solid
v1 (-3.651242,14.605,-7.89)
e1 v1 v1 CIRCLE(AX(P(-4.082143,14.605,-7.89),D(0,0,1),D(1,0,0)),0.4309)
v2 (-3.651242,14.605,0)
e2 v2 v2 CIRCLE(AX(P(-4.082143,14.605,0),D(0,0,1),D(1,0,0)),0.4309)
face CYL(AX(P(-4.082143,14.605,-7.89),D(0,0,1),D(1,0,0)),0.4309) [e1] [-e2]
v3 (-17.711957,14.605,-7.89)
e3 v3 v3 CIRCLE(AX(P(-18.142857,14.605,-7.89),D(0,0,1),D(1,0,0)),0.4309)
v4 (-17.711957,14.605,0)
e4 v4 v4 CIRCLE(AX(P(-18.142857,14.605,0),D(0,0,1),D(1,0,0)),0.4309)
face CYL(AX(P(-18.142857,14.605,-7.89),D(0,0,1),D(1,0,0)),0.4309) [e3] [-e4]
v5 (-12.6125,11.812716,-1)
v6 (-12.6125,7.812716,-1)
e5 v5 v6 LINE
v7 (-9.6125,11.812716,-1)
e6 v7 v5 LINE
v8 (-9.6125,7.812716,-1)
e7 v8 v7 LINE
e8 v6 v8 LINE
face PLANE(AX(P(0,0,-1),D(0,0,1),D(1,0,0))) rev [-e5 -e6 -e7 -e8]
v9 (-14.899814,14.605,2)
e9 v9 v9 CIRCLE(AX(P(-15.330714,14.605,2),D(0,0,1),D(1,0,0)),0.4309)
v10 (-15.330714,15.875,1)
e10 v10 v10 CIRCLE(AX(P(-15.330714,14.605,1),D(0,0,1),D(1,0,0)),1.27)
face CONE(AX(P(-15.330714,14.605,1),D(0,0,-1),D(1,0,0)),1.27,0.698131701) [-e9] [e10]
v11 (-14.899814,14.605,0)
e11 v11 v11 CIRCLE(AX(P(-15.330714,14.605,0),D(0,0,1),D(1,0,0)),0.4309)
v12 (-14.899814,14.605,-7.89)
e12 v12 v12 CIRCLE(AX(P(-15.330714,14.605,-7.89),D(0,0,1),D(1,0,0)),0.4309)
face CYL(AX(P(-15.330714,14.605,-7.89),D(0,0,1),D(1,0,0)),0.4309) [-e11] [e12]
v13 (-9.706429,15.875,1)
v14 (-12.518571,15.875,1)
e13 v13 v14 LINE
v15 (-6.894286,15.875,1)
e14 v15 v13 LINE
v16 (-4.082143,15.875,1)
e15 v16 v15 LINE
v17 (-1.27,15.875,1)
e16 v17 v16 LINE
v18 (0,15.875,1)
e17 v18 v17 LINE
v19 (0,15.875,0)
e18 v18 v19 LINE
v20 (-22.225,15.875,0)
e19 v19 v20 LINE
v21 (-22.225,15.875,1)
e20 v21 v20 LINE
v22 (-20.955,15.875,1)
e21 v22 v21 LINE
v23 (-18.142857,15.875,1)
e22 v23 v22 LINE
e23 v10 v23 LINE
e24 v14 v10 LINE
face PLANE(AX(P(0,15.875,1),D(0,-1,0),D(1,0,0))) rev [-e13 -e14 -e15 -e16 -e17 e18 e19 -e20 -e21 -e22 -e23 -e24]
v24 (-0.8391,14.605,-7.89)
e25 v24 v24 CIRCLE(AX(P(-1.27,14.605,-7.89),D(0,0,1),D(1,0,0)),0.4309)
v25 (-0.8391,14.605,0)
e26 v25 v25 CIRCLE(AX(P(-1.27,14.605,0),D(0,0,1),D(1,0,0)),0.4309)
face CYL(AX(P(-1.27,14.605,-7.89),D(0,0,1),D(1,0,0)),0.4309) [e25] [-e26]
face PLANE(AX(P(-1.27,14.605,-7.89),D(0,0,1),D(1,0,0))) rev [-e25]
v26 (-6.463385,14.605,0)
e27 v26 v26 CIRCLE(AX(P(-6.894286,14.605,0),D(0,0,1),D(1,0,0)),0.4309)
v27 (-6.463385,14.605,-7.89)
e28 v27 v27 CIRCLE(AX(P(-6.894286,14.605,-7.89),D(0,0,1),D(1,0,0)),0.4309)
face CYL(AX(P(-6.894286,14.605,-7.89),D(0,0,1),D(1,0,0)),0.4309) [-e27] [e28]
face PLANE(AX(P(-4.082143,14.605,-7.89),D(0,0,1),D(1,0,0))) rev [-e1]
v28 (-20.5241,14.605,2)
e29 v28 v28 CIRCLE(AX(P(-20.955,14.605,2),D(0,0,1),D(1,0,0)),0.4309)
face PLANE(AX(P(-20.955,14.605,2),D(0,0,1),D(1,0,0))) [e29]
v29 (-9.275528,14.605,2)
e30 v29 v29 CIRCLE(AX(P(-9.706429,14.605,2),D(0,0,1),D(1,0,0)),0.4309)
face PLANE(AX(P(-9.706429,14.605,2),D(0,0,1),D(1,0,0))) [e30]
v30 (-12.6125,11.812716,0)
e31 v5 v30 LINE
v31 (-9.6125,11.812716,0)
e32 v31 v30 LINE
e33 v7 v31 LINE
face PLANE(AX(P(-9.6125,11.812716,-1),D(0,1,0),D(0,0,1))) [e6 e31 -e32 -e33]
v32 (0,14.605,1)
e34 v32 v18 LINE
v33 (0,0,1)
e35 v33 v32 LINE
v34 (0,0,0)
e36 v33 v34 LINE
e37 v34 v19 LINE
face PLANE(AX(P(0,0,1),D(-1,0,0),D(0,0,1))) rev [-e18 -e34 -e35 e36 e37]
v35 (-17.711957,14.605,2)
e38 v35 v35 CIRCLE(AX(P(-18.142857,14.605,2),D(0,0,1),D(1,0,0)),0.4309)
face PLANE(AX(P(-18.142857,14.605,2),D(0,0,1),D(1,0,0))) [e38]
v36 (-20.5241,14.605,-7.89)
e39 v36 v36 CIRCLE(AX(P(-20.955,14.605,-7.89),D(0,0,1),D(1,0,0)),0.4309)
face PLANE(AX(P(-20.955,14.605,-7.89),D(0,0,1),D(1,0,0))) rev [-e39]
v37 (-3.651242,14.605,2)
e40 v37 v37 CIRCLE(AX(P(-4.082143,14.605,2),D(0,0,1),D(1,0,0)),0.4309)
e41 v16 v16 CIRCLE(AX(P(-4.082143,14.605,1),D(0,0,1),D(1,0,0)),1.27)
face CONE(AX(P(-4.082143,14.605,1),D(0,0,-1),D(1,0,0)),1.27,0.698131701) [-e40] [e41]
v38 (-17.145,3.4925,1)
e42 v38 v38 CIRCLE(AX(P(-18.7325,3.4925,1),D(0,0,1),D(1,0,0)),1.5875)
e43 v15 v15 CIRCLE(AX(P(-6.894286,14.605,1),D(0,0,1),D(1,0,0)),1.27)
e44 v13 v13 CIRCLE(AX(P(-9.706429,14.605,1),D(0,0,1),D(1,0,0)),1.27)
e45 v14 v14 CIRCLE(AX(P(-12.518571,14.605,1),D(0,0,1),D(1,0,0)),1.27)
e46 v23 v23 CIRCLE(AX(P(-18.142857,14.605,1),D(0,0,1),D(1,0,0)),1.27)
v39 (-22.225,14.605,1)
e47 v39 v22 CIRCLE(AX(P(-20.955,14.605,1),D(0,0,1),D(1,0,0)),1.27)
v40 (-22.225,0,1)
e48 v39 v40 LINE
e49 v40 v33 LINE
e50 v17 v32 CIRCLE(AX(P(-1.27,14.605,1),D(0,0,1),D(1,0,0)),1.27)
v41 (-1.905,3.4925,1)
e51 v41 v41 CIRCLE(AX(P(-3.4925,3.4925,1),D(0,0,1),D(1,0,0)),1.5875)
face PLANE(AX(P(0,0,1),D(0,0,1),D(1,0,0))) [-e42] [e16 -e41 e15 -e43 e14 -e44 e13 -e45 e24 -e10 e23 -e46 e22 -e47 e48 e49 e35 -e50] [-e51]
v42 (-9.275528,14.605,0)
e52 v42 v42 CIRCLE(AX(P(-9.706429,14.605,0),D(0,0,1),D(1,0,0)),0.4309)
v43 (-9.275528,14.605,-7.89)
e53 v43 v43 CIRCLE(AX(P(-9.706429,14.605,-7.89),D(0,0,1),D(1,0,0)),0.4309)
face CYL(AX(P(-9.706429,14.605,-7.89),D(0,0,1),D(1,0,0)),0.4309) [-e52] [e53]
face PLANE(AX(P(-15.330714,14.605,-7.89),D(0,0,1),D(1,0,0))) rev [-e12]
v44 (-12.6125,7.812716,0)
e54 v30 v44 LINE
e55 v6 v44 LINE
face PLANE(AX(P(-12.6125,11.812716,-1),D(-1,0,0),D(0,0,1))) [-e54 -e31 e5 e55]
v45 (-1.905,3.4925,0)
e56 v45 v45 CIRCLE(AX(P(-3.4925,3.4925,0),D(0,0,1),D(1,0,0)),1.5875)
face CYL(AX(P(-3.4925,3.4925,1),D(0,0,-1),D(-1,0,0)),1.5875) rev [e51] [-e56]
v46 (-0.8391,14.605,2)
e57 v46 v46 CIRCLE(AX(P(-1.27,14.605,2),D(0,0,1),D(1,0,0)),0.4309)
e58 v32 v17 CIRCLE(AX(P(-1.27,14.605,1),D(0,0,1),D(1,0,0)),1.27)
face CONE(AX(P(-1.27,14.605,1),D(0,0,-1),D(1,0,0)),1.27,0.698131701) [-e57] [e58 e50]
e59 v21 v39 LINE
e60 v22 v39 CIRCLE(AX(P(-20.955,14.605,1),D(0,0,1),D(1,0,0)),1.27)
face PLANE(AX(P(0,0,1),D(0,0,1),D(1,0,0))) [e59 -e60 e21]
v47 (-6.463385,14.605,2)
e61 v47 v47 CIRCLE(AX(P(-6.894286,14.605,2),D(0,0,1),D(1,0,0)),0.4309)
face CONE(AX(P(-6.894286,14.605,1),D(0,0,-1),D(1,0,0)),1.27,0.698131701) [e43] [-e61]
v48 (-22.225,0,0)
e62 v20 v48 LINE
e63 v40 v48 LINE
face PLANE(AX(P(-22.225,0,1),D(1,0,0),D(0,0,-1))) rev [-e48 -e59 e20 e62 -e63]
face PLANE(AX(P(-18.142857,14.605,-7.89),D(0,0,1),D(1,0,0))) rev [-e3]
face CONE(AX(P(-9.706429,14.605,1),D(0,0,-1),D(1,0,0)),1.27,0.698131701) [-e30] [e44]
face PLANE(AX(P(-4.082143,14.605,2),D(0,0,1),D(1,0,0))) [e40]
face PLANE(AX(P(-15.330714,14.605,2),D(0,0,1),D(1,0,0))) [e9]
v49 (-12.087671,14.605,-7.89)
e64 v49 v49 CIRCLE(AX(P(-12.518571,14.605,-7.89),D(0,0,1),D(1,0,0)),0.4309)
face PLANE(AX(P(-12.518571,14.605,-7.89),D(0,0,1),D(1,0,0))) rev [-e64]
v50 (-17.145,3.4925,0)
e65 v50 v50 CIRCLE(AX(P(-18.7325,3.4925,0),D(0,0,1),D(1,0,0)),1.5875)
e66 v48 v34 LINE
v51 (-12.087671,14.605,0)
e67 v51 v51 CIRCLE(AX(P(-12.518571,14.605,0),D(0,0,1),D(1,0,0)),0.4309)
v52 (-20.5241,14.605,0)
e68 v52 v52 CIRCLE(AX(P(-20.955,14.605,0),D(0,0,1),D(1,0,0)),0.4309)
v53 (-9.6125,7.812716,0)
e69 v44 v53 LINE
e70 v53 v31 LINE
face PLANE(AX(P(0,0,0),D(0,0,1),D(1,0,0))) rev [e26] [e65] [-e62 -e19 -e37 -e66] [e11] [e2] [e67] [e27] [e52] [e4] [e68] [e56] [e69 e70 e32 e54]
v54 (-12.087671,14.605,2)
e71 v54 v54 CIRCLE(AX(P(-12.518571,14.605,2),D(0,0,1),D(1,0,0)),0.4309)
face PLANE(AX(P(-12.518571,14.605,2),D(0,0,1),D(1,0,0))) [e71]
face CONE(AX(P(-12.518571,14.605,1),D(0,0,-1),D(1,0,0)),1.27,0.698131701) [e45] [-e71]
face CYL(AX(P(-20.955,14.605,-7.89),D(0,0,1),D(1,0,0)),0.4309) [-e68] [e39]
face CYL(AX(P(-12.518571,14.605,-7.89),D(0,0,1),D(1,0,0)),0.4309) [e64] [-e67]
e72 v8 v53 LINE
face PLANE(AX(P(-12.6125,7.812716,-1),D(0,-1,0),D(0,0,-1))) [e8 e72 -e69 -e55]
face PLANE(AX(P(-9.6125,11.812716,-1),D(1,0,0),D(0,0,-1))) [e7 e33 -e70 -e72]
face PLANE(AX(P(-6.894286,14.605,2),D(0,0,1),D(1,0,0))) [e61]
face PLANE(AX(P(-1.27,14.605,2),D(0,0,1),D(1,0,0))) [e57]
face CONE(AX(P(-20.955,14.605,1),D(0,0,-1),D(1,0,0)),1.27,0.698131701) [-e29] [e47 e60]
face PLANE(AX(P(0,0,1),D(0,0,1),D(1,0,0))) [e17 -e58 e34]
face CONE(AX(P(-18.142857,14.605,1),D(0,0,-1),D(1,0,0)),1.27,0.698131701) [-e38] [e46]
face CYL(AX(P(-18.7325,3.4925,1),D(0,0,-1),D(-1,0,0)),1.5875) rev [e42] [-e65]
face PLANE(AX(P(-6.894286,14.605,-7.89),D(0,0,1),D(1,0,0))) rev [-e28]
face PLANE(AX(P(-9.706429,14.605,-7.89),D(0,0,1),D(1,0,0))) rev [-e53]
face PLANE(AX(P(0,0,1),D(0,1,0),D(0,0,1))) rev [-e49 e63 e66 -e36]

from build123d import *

# Parameters (mm, degrees)
SKETCH1_W                     = 22.225
SKETCH1_H                     = 15.875
SKETCH1_R                     = 1.5875
BOSS_EXTRUDE1_DEPTH           = 1
SKETCH2_W                     = 3
SKETCH2_H                     = 4
BOSS_EXTRUDE2_DEPTH           = 1
SKETCH3_R                     = 1.27
BOSS_EXTRUDE3_DEPTH           = 1
BOSS_EXTRUDE3_DRAFT           = 40
BOSS_EXTRUDE3_PROFILE_2_DEPTH = 1
BOSS_EXTRUDE3_PROFILE_2_DRAFT = 40
BOSS_EXTRUDE3_PROFILE_3_DEPTH = 1
BOSS_EXTRUDE3_PROFILE_3_DRAFT = 40
BOSS_EXTRUDE3_PROFILE_4_DEPTH = 1
BOSS_EXTRUDE3_PROFILE_4_DRAFT = 40
BOSS_EXTRUDE3_PROFILE_5_DEPTH = 1
BOSS_EXTRUDE3_PROFILE_5_DRAFT = 40
BOSS_EXTRUDE3_PROFILE_6_DEPTH = 1
BOSS_EXTRUDE3_PROFILE_6_DRAFT = 40
BOSS_EXTRUDE3_PROFILE_7_DEPTH = 1
BOSS_EXTRUDE3_PROFILE_7_DRAFT = 40
BOSS_EXTRUDE3_PROFILE_8_DEPTH = 1
BOSS_EXTRUDE3_PROFILE_8_DRAFT = 40
SKETCH4_R                     = 0.430900369
BOSS_EXTRUDE4_DEPTH           = 9.89


with BuildPart() as part:
    # Sketch1 → Boss-Extrude1 (new body)
    with BuildSketch(Plane.XY):
        with Locations((-11.1125, 7.9375)):
            Rectangle(SKETCH1_W, SKETCH1_H)
        with Locations((-18.7325, 3.4925)):
            Circle(SKETCH1_R, mode=Mode.SUBTRACT)
        with Locations((-3.4925, 3.4925)):
            Circle(SKETCH1_R, mode=Mode.SUBTRACT)
    extrude(amount=BOSS_EXTRUDE1_DEPTH)

    # Sketch2 → Boss-Extrude2 (add)
    with BuildSketch(Plane.XY):
        with Locations((-11.1125, 9.812715541)):
            Rectangle(SKETCH2_W, SKETCH2_H)
    extrude(amount=-BOSS_EXTRUDE2_DEPTH)


with BuildPart() as boss_extrude3_tool:
    # Sketch3 → Boss-Extrude3 (with draft: the straight prism first)
    with BuildSketch(Plane.XY.offset(1)):
        with Locations((-20.955, 14.605)):
            Circle(SKETCH3_R)
    extrude(amount=BOSS_EXTRUDE3_DEPTH)
    # Boss-Extrude3: the draft: its side faces are tilted about the plane it starts from
    boss_extrude3_sides = [boss_extrude3_tool.faces().sort_by_distance(p)[0] for p in [
        (-22.225, 14.605, 1.5),
    ]]
    draft(boss_extrude3_sides, Plane.XY.offset(1), BOSS_EXTRUDE3_DRAFT)


with BuildPart() as part_1:
    add(part.part)

    # Boss-Extrude3: add boss_extrude3_tool
    add(boss_extrude3_tool.part)


with BuildPart() as boss_extrude3_profile_2_tool:
    # Sketch3 → Boss-Extrude3 profile 2 (with draft: the straight prism first)
    with BuildSketch(Plane.XY.offset(1)):
        with Locations((-18.142857143, 14.605)):
            Circle(SKETCH3_R)
    extrude(amount=BOSS_EXTRUDE3_PROFILE_2_DEPTH)
    # Boss-Extrude3 profile 2: the draft: its side faces are tilted about the plane it starts from
    boss_extrude3_profile_2_sides = [boss_extrude3_profile_2_tool.faces().sort_by_distance(p)[0] for p in [
        (-19.412857143, 14.605, 1.5),
    ]]
    draft(boss_extrude3_profile_2_sides, Plane.XY.offset(1), BOSS_EXTRUDE3_PROFILE_2_DRAFT)


with BuildPart() as part_2:
    add(part_1.part)

    # Boss-Extrude3 profile 2: add boss_extrude3_profile_2_tool
    add(boss_extrude3_profile_2_tool.part)


with BuildPart() as boss_extrude3_profile_3_tool:
    # Sketch3 → Boss-Extrude3 profile 3 (with draft: the straight prism first)
    with BuildSketch(Plane.XY.offset(1)):
        with Locations((-15.330714286, 14.605)):
            Circle(SKETCH3_R)
    extrude(amount=BOSS_EXTRUDE3_PROFILE_3_DEPTH)
    # Boss-Extrude3 profile 3: the draft: its side faces are tilted about the plane it starts from
    boss_extrude3_profile_3_sides = [boss_extrude3_profile_3_tool.faces().sort_by_distance(p)[0] for p in [
        (-16.600714286, 14.605, 1.5),
    ]]
    draft(boss_extrude3_profile_3_sides, Plane.XY.offset(1), BOSS_EXTRUDE3_PROFILE_3_DRAFT)


with BuildPart() as part_3:
    add(part_2.part)

    # Boss-Extrude3 profile 3: add boss_extrude3_profile_3_tool
    add(boss_extrude3_profile_3_tool.part)


with BuildPart() as boss_extrude3_profile_4_tool:
    # Sketch3 → Boss-Extrude3 profile 4 (with draft: the straight prism first)
    with BuildSketch(Plane.XY.offset(1)):
        with Locations((-12.518571429, 14.605)):
            Circle(SKETCH3_R)
    extrude(amount=BOSS_EXTRUDE3_PROFILE_4_DEPTH)
    # Boss-Extrude3 profile 4: the draft: its side faces are tilted about the plane it starts from
    boss_extrude3_profile_4_sides = [boss_extrude3_profile_4_tool.faces().sort_by_distance(p)[0] for p in [
        (-13.788571429, 14.605, 1.5),
    ]]
    draft(boss_extrude3_profile_4_sides, Plane.XY.offset(1), BOSS_EXTRUDE3_PROFILE_4_DRAFT)


with BuildPart() as part_4:
    add(part_3.part)

    # Boss-Extrude3 profile 4: add boss_extrude3_profile_4_tool
    add(boss_extrude3_profile_4_tool.part)


with BuildPart() as boss_extrude3_profile_5_tool:
    # Sketch3 → Boss-Extrude3 profile 5 (with draft: the straight prism first)
    with BuildSketch(Plane.XY.offset(1)):
        with Locations((-9.706428571, 14.605)):
            Circle(SKETCH3_R)
    extrude(amount=BOSS_EXTRUDE3_PROFILE_5_DEPTH)
    # Boss-Extrude3 profile 5: the draft: its side faces are tilted about the plane it starts from
    boss_extrude3_profile_5_sides = [boss_extrude3_profile_5_tool.faces().sort_by_distance(p)[0] for p in [
        (-10.976428571, 14.605, 1.5),
    ]]
    draft(boss_extrude3_profile_5_sides, Plane.XY.offset(1), BOSS_EXTRUDE3_PROFILE_5_DRAFT)


with BuildPart() as part_5:
    add(part_4.part)

    # Boss-Extrude3 profile 5: add boss_extrude3_profile_5_tool
    add(boss_extrude3_profile_5_tool.part)


with BuildPart() as boss_extrude3_profile_6_tool:
    # Sketch3 → Boss-Extrude3 profile 6 (with draft: the straight prism first)
    with BuildSketch(Plane.XY.offset(1)):
        with Locations((-6.894285714, 14.605)):
            Circle(SKETCH3_R)
    extrude(amount=BOSS_EXTRUDE3_PROFILE_6_DEPTH)
    # Boss-Extrude3 profile 6: the draft: its side faces are tilted about the plane it starts from
    boss_extrude3_profile_6_sides = [boss_extrude3_profile_6_tool.faces().sort_by_distance(p)[0] for p in [
        (-8.164285714, 14.605, 1.5),
    ]]
    draft(boss_extrude3_profile_6_sides, Plane.XY.offset(1), BOSS_EXTRUDE3_PROFILE_6_DRAFT)


with BuildPart() as part_6:
    add(part_5.part)

    # Boss-Extrude3 profile 6: add boss_extrude3_profile_6_tool
    add(boss_extrude3_profile_6_tool.part)


with BuildPart() as boss_extrude3_profile_7_tool:
    # Sketch3 → Boss-Extrude3 profile 7 (with draft: the straight prism first)
    with BuildSketch(Plane.XY.offset(1)):
        with Locations((-4.082142857, 14.605)):
            Circle(SKETCH3_R)
    extrude(amount=BOSS_EXTRUDE3_PROFILE_7_DEPTH)
    # Boss-Extrude3 profile 7: the draft: its side faces are tilted about the plane it starts from
    boss_extrude3_profile_7_sides = [boss_extrude3_profile_7_tool.faces().sort_by_distance(p)[0] for p in [
        (-5.352142857, 14.605, 1.5),
    ]]
    draft(boss_extrude3_profile_7_sides, Plane.XY.offset(1), BOSS_EXTRUDE3_PROFILE_7_DRAFT)


with BuildPart() as part_7:
    add(part_6.part)

    # Boss-Extrude3 profile 7: add boss_extrude3_profile_7_tool
    add(boss_extrude3_profile_7_tool.part)


with BuildPart() as boss_extrude3_profile_8_tool:
    # Sketch3 → Boss-Extrude3 profile 8 (with draft: the straight prism first)
    with BuildSketch(Plane.XY.offset(1)):
        with Locations((-1.27, 14.605)):
            Circle(SKETCH3_R)
    extrude(amount=BOSS_EXTRUDE3_PROFILE_8_DEPTH)
    # Boss-Extrude3 profile 8: the draft: its side faces are tilted about the plane it starts from
    boss_extrude3_profile_8_sides = [boss_extrude3_profile_8_tool.faces().sort_by_distance(p)[0] for p in [
        (-2.54, 14.605, 1.5),
    ]]
    draft(boss_extrude3_profile_8_sides, Plane.XY.offset(1), BOSS_EXTRUDE3_PROFILE_8_DRAFT)


with BuildPart() as part_8:
    add(part_7.part)

    # Boss-Extrude3 profile 8: add boss_extrude3_profile_8_tool
    add(boss_extrude3_profile_8_tool.part)

    # Sketch4 → Boss-Extrude4 (add)
    with BuildSketch(Plane.XY.offset(2)):
        with Locations((-20.955, 14.605)):
            Circle(SKETCH4_R)
        with Locations((-18.142857143, 14.605)):
            Circle(SKETCH4_R)
        with Locations((-15.330714286, 14.605)):
            Circle(SKETCH4_R)
        with Locations((-12.518571429, 14.605)):
            Circle(SKETCH4_R)
        with Locations((-9.706428571, 14.605)):
            Circle(SKETCH4_R)
        with Locations((-6.894285714, 14.605)):
            Circle(SKETCH4_R)
        with Locations((-4.082142857, 14.605)):
            Circle(SKETCH4_R)
        with Locations((-1.27, 14.605)):
            Circle(SKETCH4_R)
    extrude(amount=-BOSS_EXTRUDE4_DEPTH)


solid = part_8.part
